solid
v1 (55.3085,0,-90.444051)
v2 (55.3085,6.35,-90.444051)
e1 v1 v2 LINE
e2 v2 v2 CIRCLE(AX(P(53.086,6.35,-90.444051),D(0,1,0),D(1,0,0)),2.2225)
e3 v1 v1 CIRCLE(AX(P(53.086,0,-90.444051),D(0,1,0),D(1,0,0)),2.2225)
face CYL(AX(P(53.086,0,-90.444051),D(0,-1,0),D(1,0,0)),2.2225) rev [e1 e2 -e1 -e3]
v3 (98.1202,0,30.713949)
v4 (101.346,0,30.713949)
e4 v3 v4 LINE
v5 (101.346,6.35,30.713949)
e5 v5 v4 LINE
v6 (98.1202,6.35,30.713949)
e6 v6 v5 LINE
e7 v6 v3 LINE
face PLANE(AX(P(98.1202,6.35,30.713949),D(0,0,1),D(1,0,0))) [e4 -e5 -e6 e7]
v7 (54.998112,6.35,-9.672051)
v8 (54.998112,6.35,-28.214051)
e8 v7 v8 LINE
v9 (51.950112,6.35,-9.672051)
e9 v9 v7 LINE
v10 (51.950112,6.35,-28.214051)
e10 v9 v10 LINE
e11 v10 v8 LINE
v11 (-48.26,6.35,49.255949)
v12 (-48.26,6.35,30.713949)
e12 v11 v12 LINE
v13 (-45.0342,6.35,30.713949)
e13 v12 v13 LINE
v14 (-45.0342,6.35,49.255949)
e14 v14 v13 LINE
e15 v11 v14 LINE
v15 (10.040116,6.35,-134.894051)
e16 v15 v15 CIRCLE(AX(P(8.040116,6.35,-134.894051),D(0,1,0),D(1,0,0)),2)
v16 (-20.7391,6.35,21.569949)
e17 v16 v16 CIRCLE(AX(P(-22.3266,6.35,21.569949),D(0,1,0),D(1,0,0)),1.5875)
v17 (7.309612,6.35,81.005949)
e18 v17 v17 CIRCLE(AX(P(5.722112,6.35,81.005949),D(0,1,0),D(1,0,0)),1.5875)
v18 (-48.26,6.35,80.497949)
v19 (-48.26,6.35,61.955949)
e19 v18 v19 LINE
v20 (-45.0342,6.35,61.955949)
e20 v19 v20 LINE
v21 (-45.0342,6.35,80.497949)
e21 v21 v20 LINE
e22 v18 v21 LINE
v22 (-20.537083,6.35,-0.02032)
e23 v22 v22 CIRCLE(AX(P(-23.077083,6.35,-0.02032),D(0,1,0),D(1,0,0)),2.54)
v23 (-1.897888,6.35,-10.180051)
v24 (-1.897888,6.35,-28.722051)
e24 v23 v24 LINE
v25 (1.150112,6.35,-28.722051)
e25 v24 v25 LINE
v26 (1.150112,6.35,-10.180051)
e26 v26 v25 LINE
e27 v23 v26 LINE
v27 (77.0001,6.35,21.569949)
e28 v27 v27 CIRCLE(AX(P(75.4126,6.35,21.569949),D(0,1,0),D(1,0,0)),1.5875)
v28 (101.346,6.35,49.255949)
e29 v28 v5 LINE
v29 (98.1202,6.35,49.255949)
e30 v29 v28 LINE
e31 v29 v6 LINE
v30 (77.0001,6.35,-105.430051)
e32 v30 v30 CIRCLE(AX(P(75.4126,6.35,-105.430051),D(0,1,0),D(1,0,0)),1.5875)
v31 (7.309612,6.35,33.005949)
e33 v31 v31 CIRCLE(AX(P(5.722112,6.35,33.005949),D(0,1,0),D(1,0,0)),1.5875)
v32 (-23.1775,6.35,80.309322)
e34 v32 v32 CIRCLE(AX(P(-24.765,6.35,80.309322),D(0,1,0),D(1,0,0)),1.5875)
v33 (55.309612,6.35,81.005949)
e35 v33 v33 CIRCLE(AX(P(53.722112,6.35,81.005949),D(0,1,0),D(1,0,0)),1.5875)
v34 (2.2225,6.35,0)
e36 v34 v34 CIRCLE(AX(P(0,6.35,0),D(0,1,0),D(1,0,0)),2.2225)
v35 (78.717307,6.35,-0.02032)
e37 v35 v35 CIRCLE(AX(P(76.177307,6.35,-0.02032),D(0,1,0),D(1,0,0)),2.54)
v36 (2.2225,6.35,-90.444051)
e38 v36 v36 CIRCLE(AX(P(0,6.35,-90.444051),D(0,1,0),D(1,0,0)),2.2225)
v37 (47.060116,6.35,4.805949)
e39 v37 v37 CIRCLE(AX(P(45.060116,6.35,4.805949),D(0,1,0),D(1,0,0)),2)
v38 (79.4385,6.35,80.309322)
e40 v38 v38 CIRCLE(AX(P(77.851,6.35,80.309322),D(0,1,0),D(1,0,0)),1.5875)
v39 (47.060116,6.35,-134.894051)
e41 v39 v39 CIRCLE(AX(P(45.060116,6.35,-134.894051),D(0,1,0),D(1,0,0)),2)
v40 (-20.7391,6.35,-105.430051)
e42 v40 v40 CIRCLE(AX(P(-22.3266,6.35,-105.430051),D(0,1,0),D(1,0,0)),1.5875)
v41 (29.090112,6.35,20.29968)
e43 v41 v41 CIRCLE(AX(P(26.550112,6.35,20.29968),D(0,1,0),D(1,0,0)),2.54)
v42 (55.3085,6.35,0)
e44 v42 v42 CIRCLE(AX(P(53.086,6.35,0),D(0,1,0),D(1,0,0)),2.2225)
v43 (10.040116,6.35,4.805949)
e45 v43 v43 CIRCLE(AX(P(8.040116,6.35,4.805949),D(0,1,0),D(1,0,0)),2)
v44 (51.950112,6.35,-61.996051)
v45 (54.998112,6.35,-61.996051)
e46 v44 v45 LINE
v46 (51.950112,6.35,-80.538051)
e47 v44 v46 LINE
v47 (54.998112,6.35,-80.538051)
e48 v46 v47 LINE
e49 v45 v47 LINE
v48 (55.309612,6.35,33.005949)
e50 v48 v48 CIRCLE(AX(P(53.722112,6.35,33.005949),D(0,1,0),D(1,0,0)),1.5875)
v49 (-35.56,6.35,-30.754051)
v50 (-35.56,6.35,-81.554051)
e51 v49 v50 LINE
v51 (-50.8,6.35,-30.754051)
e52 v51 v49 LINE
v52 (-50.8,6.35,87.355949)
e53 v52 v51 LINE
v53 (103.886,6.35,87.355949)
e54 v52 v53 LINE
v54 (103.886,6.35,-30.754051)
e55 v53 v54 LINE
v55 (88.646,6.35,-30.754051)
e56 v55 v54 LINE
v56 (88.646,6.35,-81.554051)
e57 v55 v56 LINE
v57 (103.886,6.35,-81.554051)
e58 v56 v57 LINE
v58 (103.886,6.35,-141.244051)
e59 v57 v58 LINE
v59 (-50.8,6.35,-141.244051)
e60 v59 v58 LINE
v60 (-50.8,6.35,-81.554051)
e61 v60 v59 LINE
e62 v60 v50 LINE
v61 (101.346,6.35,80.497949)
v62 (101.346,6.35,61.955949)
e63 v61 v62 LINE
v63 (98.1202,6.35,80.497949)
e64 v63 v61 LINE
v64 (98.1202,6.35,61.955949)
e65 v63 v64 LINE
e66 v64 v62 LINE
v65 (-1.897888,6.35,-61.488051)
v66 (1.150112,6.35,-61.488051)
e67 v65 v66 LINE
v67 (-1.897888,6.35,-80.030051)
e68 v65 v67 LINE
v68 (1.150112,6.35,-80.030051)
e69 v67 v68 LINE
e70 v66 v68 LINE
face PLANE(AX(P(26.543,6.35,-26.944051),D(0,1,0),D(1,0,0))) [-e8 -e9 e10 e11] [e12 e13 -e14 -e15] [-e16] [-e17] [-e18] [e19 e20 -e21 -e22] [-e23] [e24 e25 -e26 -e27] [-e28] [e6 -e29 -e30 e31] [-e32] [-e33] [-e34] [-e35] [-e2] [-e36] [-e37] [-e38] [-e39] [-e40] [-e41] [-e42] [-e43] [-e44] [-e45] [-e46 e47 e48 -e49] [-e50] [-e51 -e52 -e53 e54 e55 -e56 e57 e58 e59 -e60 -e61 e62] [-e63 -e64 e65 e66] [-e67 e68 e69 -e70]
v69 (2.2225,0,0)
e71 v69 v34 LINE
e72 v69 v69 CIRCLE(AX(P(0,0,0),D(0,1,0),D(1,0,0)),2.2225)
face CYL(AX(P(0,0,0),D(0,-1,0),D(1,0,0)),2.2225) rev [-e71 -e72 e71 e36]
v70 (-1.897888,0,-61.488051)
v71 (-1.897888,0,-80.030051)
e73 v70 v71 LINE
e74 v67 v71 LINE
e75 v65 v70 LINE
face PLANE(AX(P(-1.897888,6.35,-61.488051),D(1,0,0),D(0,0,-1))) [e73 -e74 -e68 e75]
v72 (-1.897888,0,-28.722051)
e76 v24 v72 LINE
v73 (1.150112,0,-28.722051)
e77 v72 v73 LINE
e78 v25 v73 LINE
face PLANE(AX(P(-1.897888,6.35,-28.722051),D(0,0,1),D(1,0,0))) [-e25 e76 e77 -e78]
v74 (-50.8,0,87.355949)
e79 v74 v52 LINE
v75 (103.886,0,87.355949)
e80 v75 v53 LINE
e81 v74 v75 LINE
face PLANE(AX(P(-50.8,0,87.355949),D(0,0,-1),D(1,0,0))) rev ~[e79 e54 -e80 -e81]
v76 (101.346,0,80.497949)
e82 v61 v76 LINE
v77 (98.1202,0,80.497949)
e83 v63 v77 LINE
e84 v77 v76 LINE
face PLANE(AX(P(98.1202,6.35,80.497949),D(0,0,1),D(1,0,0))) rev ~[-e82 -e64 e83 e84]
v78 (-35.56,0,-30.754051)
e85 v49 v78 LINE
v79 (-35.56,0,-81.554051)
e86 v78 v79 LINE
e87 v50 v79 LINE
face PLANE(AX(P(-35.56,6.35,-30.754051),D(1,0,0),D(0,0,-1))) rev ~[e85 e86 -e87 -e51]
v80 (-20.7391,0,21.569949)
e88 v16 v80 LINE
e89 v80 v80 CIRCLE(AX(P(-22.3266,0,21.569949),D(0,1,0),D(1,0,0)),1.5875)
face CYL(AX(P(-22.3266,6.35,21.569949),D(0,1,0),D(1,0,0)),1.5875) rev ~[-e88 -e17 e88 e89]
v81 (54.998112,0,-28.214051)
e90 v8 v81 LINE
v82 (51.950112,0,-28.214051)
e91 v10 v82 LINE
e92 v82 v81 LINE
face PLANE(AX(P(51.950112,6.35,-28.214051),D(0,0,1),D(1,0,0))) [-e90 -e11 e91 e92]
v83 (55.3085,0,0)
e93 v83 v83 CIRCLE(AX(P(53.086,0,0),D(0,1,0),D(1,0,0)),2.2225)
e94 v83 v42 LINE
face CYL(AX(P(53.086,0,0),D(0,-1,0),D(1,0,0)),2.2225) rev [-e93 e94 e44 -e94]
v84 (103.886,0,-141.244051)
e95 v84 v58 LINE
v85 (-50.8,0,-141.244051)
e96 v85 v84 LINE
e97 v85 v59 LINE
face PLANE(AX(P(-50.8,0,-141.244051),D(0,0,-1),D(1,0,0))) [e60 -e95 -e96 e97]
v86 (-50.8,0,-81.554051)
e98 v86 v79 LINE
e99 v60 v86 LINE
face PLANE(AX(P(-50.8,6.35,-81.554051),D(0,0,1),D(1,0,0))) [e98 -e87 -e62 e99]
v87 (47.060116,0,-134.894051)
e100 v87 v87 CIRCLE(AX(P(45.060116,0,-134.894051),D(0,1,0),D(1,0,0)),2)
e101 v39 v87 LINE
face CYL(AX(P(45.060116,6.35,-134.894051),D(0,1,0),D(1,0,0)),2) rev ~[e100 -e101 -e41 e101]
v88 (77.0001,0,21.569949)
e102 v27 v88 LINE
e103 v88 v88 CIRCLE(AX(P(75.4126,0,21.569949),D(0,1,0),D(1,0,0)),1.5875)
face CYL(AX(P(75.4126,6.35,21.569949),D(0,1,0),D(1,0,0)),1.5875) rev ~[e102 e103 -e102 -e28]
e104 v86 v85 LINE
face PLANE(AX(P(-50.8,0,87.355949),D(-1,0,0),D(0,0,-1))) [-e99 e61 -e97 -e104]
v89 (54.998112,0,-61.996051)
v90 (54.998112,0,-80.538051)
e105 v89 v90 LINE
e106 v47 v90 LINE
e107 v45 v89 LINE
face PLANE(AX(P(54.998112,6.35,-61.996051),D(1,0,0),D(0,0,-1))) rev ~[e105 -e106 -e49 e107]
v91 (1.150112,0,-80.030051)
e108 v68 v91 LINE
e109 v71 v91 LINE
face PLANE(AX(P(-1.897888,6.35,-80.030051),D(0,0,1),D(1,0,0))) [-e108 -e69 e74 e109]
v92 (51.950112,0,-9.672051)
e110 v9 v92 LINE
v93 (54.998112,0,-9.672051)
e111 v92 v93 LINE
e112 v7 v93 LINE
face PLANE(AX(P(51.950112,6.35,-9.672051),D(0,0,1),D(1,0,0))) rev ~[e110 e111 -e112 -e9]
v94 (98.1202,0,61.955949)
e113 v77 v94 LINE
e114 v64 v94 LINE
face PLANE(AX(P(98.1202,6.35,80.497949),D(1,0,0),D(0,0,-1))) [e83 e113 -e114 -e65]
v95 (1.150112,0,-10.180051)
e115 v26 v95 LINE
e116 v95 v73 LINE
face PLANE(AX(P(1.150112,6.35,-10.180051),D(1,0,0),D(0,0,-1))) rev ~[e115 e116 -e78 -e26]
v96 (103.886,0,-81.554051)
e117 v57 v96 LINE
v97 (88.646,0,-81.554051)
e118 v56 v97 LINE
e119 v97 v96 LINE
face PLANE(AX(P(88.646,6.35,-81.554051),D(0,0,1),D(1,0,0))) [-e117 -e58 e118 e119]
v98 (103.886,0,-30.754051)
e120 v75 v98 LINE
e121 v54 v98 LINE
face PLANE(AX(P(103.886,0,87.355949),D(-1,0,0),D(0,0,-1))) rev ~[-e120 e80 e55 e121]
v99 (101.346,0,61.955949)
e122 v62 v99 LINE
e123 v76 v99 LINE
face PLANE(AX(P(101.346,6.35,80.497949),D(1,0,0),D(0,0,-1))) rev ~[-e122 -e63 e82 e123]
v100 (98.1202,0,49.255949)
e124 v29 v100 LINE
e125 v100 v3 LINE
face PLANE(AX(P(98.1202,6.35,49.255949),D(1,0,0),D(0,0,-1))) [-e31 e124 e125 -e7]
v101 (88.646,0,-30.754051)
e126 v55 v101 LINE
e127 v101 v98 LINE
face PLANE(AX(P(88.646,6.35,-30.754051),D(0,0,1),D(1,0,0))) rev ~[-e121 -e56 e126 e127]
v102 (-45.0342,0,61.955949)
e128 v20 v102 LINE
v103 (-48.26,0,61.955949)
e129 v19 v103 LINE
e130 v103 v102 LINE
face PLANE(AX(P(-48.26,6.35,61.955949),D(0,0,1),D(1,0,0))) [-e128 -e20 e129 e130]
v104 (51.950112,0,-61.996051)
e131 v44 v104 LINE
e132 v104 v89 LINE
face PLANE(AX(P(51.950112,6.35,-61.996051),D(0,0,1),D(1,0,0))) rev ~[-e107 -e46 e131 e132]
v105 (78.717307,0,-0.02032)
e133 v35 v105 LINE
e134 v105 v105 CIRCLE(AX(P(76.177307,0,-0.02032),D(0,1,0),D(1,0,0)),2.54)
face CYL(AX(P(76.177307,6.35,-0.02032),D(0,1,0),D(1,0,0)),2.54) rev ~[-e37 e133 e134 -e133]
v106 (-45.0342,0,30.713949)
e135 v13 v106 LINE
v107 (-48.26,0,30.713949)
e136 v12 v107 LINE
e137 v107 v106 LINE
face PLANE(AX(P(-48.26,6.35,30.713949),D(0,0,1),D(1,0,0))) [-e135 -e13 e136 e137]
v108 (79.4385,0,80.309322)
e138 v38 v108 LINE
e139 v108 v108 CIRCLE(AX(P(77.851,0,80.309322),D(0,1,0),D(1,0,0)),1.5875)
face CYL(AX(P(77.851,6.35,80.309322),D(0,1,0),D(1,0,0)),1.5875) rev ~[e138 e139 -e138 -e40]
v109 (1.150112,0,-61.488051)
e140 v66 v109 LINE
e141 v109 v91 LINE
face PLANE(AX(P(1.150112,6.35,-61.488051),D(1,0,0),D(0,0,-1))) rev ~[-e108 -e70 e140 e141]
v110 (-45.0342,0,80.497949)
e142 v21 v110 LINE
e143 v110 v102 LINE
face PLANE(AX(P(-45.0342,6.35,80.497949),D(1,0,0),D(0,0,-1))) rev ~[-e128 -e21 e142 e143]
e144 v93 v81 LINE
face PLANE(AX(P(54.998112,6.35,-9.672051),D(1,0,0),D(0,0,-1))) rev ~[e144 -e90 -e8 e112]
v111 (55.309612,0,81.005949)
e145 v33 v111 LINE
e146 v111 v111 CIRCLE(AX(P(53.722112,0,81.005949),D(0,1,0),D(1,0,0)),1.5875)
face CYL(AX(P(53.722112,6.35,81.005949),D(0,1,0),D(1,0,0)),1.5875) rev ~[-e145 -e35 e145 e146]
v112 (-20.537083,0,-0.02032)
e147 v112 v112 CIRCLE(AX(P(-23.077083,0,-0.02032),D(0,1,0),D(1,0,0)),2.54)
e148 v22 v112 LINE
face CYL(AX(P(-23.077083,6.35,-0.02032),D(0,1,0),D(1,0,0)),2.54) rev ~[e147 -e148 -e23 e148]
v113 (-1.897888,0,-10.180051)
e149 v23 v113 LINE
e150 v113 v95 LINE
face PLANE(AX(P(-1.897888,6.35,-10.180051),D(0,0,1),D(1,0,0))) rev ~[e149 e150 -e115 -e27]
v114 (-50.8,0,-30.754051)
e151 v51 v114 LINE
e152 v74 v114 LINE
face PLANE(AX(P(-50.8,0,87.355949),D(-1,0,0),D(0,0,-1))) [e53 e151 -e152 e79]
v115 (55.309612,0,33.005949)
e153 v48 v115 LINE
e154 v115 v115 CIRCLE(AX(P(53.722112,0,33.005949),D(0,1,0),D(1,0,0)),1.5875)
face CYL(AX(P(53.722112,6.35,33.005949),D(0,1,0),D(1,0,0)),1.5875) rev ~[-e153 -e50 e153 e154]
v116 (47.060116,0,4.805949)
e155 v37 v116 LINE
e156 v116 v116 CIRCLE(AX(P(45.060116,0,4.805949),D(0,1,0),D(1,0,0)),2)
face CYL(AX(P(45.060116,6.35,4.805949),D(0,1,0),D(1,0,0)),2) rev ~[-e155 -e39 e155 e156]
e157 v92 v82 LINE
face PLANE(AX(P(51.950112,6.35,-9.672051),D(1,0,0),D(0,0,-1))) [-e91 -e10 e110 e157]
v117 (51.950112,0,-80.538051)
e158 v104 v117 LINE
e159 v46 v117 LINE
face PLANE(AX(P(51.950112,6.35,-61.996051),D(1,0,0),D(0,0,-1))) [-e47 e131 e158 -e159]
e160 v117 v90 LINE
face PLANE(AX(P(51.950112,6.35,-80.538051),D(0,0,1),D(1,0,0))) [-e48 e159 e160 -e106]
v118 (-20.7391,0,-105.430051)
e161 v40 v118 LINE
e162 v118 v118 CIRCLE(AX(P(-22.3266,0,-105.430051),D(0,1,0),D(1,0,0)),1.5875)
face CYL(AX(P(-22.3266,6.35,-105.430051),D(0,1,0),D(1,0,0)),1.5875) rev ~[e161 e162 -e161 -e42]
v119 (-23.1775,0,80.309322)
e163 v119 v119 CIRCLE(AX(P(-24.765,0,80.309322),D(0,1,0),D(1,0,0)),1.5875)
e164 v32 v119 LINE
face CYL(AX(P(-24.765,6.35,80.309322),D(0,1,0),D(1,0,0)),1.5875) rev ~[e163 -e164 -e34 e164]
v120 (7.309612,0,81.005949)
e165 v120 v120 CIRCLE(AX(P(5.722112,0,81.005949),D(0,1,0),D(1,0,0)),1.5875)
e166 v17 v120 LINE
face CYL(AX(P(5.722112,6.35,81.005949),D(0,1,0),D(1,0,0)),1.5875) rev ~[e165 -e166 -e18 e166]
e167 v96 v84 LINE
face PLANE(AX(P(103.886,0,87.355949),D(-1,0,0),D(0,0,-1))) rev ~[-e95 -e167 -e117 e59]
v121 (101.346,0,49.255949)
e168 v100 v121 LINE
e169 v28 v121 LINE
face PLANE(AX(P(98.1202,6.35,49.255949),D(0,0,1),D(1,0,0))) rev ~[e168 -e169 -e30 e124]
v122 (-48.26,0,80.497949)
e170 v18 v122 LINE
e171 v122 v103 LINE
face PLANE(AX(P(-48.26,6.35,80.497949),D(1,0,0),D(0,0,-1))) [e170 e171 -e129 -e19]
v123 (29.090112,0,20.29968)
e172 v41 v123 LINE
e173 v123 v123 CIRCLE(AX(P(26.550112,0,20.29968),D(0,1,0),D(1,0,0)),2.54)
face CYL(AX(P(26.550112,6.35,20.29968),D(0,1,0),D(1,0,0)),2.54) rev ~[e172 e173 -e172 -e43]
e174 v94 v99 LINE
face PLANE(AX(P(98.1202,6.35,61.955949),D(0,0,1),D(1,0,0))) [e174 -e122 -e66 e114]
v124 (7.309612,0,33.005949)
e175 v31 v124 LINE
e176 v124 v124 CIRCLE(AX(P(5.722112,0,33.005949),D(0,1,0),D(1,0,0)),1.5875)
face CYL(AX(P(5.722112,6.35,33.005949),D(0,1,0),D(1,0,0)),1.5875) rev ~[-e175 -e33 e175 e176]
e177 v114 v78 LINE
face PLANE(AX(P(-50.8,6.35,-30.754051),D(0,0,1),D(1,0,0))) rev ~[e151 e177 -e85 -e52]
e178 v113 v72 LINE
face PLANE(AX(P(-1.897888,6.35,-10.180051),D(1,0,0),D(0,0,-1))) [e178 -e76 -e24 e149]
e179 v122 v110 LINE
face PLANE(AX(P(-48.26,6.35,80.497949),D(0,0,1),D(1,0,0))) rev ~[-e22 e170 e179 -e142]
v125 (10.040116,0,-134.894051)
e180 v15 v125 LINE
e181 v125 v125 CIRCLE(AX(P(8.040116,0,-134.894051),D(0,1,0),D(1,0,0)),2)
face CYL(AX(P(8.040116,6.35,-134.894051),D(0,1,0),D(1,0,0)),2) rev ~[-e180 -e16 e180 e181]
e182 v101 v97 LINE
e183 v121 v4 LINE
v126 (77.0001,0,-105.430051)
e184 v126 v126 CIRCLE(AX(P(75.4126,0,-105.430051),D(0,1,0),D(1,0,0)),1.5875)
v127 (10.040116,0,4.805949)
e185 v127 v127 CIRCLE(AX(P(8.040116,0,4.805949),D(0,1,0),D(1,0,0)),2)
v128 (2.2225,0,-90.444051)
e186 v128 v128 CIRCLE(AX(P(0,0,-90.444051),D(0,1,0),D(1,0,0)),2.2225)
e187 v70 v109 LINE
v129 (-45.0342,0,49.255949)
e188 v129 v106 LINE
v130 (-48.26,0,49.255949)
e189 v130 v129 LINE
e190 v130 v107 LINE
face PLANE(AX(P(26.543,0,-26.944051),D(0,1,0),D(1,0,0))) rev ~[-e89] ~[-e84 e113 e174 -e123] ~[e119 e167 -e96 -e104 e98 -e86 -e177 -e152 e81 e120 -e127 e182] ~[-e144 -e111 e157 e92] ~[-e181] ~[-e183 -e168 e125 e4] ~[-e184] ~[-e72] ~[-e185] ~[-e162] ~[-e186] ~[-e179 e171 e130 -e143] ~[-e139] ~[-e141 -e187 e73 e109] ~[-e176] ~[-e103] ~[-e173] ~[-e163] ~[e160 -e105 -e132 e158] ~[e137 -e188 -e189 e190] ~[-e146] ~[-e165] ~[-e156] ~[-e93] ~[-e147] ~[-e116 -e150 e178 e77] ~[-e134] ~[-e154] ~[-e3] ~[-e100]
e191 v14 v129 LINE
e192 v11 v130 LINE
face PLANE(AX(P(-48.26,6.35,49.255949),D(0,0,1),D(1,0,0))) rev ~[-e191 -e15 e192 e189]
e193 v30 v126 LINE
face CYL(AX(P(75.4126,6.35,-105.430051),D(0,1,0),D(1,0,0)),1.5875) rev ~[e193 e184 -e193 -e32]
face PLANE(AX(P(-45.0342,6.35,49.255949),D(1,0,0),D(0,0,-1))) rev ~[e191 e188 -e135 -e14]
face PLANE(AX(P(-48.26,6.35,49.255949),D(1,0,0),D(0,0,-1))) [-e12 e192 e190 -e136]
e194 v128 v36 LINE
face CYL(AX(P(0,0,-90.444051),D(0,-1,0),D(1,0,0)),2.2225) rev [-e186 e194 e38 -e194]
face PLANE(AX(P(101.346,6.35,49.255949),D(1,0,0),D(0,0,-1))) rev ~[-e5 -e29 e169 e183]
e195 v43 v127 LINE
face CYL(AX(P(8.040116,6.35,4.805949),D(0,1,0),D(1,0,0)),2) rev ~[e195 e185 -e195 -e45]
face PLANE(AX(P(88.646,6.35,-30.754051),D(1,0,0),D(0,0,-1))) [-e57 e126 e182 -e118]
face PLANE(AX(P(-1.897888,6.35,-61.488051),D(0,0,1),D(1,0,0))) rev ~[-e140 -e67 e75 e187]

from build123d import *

# Parameters (mm, degrees)
SKETCH2_W           = 154.686
SKETCH2_H           = 228.6
BOSS_EXTRUDE1_DEPTH = 6.35
SKETCH1_R           = 2.2225
CUT_EXTRUDE1_DEPTH  = 6.35
SKETCH3_W           = 15.24
SKETCH3_H           = 50.8
CUT_EXTRUDE2_DEPTH  = 6.35
SKETCH8_R           = 2.54
CUT_EXTRUDE3_DEPTH  = 17.78
SKETCH9_R           = 1.5875
CUT_EXTRUDE4_DEPTH  = 17.78
SKETCH10_R          = 1.5875
CUT_EXTRUDE5_DEPTH  = 10.16
SKETCH12_W          = 3.048
SKETCH12_H          = 18.542
CUT_EXTRUDE7_DEPTH  = 8.255
SKETCH13_W          = 3.2258
SKETCH13_H          = 18.542
CUT_EXTRUDE8_DEPTH  = 7.35
SKETCH14_R          = 1.5875
CUT_EXTRUDE9_DEPTH  = 7.35
SKETCH16_R          = 2
CUT_EXTRUDE11_DEPTH = 7.35


with BuildPart() as part:
    # Sketch2 → Boss-Extrude1 (new body)
    with BuildSketch(Plane(origin=(0, 0, 0), x_dir=(1, 0, 0), z_dir=(0, 1, 0))):
        with Locations((26.543, 26.944051327)):
            Rectangle(SKETCH2_W, SKETCH2_H)
    extrude(amount=BOSS_EXTRUDE1_DEPTH)

    # Sketch1 → Cut-Extrude1 (cut)
    with BuildSketch(Plane(origin=(0, 0, 0), x_dir=(1, 0, 0), z_dir=(0, 1, 0))):
        with Locations((0, 90.444051327)):
            Circle(SKETCH1_R)
        with Locations((53.086, 90.444051327)):
            Circle(SKETCH1_R)
        Circle(SKETCH1_R)
        with Locations((53.086, 0)):
            Circle(SKETCH1_R)
    extrude(amount=CUT_EXTRUDE1_DEPTH, mode=Mode.SUBTRACT)

    # Sketch3 → Cut-Extrude2 (cut)
    with BuildSketch(Plane(origin=(0, 6.35, 0), x_dir=(1, 0, 0), z_dir=(0, 1, 0))):
        with Locations((96.266, 56.154051327)):
            Rectangle(SKETCH3_W, SKETCH3_H)
        with Locations((-43.18, 56.154051327)):
            Rectangle(SKETCH3_W, SKETCH3_H)
    extrude(amount=-CUT_EXTRUDE2_DEPTH, mode=Mode.SUBTRACT)

    # Sketch8 → Cut-Extrude3 (cut)
    with BuildSketch(Plane(origin=(0, 6.35, 0), x_dir=(1, 0, 0), z_dir=(0, 1, 0))):
        with Locations((26.550112, -20.29968)):
            Circle(SKETCH8_R)
        with Locations((-23.077082804, 0.02032)):
            Circle(SKETCH8_R)
        with Locations((76.177306804, 0.02032)):
            Circle(SKETCH8_R)
    extrude(amount=-CUT_EXTRUDE3_DEPTH, mode=Mode.SUBTRACT)

    # Sketch9 → Cut-Extrude4 (cut)
    with BuildSketch(Plane(origin=(0, 6.35, 0), x_dir=(1, 0, 0), z_dir=(0, 1, 0))):
        with Locations((53.722112, -33.005948673)):
            Circle(SKETCH9_R)
        with Locations((5.722112, -33.005948673)):
            Circle(SKETCH9_R)
        with Locations((53.722112, -81.005948673)):
            Circle(SKETCH9_R)
        with Locations((5.722112, -81.005948673)):
            Circle(SKETCH9_R)
    extrude(amount=-CUT_EXTRUDE4_DEPTH, mode=Mode.SUBTRACT)

    # Sketch10 → Cut-Extrude5 (cut)
    with BuildSketch(Plane(origin=(0, 6.35, 0), x_dir=(1, 0, 0), z_dir=(0, 1, 0))):
        with Locations((-22.3266, 105.430051327)):
            Circle(SKETCH10_R)
        with Locations((-22.3266, -21.569948673)):
            Circle(SKETCH10_R)
        with Locations((75.4126, 105.430051327)):
            Circle(SKETCH10_R)
        with Locations((75.4126, -21.569948673)):
            Circle(SKETCH10_R)
    extrude(amount=-CUT_EXTRUDE5_DEPTH, mode=Mode.SUBTRACT)

    # Sketch12 → Cut-Extrude7 (cut)
    with BuildSketch(Plane(origin=(0, 6.35, 0), x_dir=(1, 0, 0), z_dir=(0, 1, 0))):
        with Locations((-0.373888, 19.451051327)):
            Rectangle(SKETCH12_W, SKETCH12_H)
        with Locations((-0.373888, 70.759051327)):
            Rectangle(SKETCH12_W, SKETCH12_H)
        with Locations((53.474112, 71.267051327)):
            Rectangle(SKETCH12_W, SKETCH12_H)
        with Locations((53.474112, 18.943051327)):
            Rectangle(SKETCH12_W, SKETCH12_H)
    extrude(amount=-CUT_EXTRUDE7_DEPTH, mode=Mode.SUBTRACT)

    # Sketch13 → Cut-Extrude8 (cut, through all)
    with BuildSketch(Plane(origin=(0, 6.35, 0), x_dir=(1, 0, 0), z_dir=(0, 1, 0))):
        with Locations((-46.6471, -39.984948673)):
            Rectangle(SKETCH13_W, SKETCH13_H)
        with Locations((-46.6471, -71.226948673)):
            Rectangle(SKETCH13_W, SKETCH13_H)
        with Locations((99.7331, -71.226948673)):
            Rectangle(SKETCH13_W, SKETCH13_H)
        with Locations((99.7331, -39.984948673)):
            Rectangle(SKETCH13_W, SKETCH13_H)
    extrude(amount=-CUT_EXTRUDE8_DEPTH, mode=Mode.SUBTRACT)

    # Sketch14 → Cut-Extrude9 (cut, through all)
    with BuildSketch(Plane(origin=(0, 6.35, 0), x_dir=(1, 0, 0), z_dir=(0, 1, 0))):
        with Locations((-24.765, -80.309322307)):
            Circle(SKETCH14_R)
        with Locations((77.851, -80.309322307)):
            Circle(SKETCH14_R)
    extrude(amount=-CUT_EXTRUDE9_DEPTH, mode=Mode.SUBTRACT)

    # Sketch16 → Cut-Extrude11 (cut, through all)
    with BuildSketch(Plane(origin=(0, 6.35, 0), x_dir=(1, 0, 0), z_dir=(0, 1, 0))):
        with Locations((45.060116, 134.894051327)):
            Circle(SKETCH16_R)
        with Locations((8.040116, 134.894051327)):
            Circle(SKETCH16_R)
        with Locations((8.040116, -4.805948673)):
            Circle(SKETCH16_R)
        with Locations((45.060116, -4.805948673)):
            Circle(SKETCH16_R)
    extrude(amount=-CUT_EXTRUDE11_DEPTH, mode=Mode.SUBTRACT)


solid = part.part
